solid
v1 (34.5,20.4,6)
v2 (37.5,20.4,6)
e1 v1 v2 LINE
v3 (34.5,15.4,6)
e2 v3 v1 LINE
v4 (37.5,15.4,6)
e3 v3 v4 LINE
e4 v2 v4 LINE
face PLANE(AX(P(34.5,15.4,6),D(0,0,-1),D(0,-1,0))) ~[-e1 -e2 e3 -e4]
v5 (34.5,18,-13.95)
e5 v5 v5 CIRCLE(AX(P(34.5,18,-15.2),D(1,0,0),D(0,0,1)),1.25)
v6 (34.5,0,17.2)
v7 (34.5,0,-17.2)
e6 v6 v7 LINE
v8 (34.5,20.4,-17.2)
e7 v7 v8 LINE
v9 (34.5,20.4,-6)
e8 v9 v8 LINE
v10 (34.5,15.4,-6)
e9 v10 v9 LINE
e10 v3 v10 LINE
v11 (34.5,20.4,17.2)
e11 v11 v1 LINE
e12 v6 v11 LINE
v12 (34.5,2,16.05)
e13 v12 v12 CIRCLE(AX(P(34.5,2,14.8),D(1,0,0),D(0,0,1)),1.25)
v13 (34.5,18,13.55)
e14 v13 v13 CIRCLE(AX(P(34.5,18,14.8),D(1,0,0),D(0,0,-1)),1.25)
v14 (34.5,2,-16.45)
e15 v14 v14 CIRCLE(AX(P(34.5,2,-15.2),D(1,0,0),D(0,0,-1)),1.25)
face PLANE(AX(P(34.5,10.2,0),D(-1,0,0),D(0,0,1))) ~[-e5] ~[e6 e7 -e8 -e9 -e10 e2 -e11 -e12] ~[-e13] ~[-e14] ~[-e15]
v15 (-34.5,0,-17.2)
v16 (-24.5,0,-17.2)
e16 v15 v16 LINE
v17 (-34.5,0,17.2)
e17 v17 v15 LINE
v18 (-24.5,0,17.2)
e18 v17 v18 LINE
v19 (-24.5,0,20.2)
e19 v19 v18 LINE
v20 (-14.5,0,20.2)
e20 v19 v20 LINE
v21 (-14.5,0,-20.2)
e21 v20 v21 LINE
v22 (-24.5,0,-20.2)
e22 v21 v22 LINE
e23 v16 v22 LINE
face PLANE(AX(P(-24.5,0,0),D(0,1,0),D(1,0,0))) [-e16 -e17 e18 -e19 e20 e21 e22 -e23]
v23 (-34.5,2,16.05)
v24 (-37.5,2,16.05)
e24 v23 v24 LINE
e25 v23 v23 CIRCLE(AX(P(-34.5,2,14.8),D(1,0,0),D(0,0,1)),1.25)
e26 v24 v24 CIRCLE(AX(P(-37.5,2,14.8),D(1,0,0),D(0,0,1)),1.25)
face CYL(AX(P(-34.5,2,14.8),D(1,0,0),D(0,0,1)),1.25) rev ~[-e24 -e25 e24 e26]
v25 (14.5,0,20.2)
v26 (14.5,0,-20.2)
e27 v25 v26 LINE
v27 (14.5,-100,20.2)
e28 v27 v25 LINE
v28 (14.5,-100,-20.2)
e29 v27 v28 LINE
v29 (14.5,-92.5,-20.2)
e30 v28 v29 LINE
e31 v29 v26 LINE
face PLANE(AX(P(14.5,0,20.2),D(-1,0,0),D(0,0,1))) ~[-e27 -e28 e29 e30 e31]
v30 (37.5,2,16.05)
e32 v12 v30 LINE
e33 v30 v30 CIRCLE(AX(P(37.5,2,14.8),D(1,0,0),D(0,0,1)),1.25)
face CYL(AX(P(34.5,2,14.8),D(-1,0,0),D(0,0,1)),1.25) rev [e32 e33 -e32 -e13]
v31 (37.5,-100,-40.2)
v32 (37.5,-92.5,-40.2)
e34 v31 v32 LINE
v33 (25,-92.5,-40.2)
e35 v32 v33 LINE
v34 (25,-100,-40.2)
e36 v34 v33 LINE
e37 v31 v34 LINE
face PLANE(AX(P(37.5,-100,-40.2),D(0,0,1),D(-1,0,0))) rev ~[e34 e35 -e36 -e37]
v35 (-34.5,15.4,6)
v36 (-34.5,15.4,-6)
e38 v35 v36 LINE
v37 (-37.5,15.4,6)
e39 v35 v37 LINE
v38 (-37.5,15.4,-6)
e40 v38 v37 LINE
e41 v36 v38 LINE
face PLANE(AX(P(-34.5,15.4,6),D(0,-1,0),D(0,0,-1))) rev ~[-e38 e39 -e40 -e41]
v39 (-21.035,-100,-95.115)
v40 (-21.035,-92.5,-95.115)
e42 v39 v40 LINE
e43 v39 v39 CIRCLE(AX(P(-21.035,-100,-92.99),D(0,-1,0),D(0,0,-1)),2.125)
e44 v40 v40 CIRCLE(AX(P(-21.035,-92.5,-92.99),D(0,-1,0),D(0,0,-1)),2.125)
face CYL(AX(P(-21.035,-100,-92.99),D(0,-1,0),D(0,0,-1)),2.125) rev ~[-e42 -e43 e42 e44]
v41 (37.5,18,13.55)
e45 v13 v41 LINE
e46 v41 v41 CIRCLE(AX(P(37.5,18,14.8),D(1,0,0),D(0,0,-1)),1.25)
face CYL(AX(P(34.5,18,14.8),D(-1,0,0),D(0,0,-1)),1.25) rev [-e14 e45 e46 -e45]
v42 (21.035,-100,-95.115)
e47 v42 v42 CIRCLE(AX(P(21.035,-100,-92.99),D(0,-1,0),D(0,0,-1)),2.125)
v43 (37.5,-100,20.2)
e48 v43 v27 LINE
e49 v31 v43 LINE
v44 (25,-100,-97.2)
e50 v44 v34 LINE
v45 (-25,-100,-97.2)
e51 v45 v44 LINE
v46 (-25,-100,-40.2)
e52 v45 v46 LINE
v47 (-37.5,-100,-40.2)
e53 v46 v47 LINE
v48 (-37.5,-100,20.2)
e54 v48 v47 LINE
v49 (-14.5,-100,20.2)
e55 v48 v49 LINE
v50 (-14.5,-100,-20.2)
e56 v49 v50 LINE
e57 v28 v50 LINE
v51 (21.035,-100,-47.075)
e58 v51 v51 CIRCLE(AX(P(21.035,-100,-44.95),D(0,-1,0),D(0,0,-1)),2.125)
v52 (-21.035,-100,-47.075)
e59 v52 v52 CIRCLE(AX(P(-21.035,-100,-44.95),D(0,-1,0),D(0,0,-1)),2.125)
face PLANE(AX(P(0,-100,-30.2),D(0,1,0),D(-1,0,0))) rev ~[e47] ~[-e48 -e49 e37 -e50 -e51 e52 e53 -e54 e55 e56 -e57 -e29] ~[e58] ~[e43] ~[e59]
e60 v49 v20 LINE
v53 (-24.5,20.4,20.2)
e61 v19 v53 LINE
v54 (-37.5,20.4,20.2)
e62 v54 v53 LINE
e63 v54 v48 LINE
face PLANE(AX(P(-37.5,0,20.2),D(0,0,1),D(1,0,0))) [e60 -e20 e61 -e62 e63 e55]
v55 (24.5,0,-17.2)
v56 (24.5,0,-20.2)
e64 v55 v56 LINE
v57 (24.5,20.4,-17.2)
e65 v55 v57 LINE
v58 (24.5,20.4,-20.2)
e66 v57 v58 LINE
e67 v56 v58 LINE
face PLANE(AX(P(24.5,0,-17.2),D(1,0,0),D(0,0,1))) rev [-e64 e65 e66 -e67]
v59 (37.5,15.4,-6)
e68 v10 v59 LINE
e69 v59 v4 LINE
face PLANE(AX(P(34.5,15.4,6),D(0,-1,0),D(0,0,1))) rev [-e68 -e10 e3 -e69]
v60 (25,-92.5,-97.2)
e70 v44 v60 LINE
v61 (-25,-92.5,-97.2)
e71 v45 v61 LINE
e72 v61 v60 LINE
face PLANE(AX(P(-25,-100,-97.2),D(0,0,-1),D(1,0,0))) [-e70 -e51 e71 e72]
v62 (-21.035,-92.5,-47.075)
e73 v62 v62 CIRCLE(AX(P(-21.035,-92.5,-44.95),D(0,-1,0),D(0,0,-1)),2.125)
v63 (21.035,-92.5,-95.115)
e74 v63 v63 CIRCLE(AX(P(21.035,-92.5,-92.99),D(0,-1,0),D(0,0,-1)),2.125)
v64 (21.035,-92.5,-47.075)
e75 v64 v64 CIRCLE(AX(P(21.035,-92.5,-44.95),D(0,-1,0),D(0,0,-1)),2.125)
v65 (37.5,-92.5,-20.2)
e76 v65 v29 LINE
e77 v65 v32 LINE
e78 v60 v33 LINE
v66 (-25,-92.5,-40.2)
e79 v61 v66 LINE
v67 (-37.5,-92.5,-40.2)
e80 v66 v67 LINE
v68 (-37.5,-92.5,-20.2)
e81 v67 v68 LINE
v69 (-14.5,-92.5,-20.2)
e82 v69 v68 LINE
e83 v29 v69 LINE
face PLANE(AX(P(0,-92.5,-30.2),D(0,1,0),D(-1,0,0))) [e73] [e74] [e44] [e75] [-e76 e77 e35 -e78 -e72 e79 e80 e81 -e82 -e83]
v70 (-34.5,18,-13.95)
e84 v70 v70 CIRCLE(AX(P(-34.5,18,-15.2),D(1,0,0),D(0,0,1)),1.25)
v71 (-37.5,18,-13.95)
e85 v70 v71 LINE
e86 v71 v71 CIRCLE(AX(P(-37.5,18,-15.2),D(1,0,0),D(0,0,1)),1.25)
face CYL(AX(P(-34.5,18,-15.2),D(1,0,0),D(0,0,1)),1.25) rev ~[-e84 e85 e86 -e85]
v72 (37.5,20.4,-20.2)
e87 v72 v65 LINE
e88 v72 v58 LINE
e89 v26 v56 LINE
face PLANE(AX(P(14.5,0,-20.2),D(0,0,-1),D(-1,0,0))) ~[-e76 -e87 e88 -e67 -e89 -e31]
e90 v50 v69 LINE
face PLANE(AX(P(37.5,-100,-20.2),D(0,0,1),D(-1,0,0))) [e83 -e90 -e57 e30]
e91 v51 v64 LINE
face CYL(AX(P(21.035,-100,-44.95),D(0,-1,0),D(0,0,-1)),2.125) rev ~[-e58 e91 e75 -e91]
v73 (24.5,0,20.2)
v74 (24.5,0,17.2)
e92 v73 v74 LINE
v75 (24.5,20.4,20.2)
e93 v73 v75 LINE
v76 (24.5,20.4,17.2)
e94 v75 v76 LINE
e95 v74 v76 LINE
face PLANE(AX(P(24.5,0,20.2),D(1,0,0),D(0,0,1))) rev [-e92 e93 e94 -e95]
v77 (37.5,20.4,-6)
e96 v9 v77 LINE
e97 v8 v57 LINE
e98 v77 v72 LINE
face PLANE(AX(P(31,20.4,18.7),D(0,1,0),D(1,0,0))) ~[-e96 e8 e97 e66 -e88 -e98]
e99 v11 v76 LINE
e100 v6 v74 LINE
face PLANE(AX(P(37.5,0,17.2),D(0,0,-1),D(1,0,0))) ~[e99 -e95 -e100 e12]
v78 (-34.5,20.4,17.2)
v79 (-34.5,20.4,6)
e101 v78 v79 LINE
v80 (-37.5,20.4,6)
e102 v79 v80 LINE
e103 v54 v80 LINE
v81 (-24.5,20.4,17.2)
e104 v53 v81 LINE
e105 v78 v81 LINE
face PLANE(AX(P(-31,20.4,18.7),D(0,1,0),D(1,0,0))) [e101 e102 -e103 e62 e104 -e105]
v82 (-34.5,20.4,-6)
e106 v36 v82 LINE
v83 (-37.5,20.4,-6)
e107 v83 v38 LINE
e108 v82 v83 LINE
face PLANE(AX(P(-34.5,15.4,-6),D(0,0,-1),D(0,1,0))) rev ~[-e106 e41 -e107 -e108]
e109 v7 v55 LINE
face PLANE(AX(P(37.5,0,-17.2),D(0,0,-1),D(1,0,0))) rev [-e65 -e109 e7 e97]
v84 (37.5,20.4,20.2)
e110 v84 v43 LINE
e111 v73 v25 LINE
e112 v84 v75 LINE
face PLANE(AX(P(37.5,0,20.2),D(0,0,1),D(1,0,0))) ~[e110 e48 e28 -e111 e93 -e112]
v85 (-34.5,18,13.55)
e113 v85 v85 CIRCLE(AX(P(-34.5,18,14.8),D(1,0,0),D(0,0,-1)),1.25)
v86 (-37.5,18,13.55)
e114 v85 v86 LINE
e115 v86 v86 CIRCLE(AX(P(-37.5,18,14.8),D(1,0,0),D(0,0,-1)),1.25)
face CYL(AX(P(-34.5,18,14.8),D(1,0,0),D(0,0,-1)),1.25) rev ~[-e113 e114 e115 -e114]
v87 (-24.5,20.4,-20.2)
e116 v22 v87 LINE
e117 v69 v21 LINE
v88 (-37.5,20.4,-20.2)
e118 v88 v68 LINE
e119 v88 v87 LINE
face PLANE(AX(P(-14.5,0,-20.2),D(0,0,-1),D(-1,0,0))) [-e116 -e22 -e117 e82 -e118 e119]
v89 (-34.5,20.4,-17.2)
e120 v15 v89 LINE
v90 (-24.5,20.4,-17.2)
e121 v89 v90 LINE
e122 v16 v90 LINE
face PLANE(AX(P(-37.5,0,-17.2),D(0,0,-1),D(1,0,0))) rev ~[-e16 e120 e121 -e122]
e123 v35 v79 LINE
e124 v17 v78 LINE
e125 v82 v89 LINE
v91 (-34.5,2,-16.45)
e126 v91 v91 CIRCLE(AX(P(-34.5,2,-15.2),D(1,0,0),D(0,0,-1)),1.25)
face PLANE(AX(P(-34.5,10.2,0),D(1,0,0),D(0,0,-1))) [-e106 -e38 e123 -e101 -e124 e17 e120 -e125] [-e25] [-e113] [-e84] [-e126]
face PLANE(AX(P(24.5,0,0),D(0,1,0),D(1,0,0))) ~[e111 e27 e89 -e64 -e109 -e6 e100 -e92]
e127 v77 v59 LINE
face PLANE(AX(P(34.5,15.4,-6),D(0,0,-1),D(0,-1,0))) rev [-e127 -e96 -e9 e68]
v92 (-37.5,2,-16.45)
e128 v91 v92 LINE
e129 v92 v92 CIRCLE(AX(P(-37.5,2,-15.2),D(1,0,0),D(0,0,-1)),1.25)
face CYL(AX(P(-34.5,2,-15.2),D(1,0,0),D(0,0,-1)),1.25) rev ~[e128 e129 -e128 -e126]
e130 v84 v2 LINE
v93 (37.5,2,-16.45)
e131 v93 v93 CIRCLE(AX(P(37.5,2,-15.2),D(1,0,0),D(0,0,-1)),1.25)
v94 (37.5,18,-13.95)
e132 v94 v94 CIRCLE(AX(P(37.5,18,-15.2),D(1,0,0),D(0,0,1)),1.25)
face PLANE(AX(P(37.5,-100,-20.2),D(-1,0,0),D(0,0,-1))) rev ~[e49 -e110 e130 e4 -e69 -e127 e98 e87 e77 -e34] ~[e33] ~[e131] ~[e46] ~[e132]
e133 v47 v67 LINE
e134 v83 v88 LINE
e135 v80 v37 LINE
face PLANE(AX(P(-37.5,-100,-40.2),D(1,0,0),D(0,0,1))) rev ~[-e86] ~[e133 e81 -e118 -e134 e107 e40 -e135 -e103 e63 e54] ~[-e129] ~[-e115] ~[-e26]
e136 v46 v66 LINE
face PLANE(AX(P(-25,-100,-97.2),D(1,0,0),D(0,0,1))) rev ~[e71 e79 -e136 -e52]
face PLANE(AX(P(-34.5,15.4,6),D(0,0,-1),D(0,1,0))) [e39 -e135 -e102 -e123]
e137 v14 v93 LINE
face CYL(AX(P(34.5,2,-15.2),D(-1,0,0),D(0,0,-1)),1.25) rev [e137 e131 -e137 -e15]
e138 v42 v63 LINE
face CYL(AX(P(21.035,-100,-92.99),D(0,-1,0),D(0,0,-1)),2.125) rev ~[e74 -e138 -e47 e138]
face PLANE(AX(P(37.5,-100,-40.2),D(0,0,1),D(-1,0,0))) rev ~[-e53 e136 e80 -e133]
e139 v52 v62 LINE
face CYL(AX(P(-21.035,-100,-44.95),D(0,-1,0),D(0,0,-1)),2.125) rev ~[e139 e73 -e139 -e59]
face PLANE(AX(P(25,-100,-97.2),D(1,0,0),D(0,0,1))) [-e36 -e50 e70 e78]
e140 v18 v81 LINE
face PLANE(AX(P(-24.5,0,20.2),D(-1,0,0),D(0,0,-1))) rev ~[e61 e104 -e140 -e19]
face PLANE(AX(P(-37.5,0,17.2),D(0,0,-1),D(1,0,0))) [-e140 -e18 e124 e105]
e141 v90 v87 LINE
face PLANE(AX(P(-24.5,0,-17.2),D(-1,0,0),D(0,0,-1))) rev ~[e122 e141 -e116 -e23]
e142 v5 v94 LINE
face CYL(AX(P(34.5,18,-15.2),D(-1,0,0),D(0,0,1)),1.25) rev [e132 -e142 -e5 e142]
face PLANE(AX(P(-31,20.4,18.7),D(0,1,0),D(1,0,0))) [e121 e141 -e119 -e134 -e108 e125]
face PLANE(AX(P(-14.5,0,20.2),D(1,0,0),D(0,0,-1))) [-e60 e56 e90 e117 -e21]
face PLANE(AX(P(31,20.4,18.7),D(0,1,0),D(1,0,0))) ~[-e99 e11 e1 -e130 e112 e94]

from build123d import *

# Parameters (mm, degrees)
BOSS_EXTRUDE1_START = -34.5
SKETCH2_W           = 34.4
SKETCH2_H           = 20.4
SKETCH2_R           = 1.25
BOSS_EXTRUDE1_DEPTH = 3
SKETCH1_W           = 13
SKETCH1_H           = 3
BOSS_EXTRUDE2_DEPTH = 20.4
SKETCH1_3_W         = 20
SKETCH1_3_H         = 34.4
SKETCH1_3_W_2       = 10
SKETCH1_3_H_2       = 3
SKETCH1_3_W_3       = 3
BOSS_EXTRUDE3_DEPTH = 3
SKETCH1_4_W         = 3
SKETCH1_4_H         = 34.4
SKETCH1_4_W_2       = 10
SKETCH1_4_H_2       = 3
SKETCH1_4_W_3       = 20
BOSS_EXTRUDE4_DEPTH = 100
SKETCH4_W           = 12
SKETCH4_H           = 10
CUT_EXTRUDE1_DEPTH  = 132
SKETCH7_W           = 50
SKETCH7_H           = 57
SKETCH7_R           = 2.125
BOSS_EXTRUDE5_DEPTH = 7.5


with BuildPart() as part:
    # Sketch2 → Boss-Extrude1 (new body)
    with BuildSketch(Plane(origin=(0, 0, 0), x_dir=(0, 0, -1), z_dir=(1, 0, 0)).offset(BOSS_EXTRUDE1_START)):
        with Locations((0, 10.2)):
            Rectangle(SKETCH2_W, SKETCH2_H)
        with Locations((-14.8, 18)):
            Circle(SKETCH2_R, mode=Mode.SUBTRACT)
        with Locations(Location((-14.8, 2, 0), (0, 0, 180))):
            Circle(SKETCH2_R, mode=Mode.SUBTRACT)
        with Locations((15.2, 2)):
            Circle(SKETCH2_R, mode=Mode.SUBTRACT)
        with Locations(Location((15.2, 18, 0), (0, 0, 180))):
            Circle(SKETCH2_R, mode=Mode.SUBTRACT)
    extrude(amount=-BOSS_EXTRUDE1_DEPTH)

    # Sketch1 → Boss-Extrude2 (add)
    with BuildSketch(Plane(origin=(0, 0, 0), x_dir=(1, 0, 0), z_dir=(0, 1, 0))):
        with Locations((-31, -18.7)):
            Rectangle(SKETCH1_W, SKETCH1_H)
        with Locations((-31, 18.7)):
            Rectangle(SKETCH1_W, SKETCH1_H)
    extrude(amount=BOSS_EXTRUDE2_DEPTH)

    # Sketch1<3> → Boss-Extrude3 (add)
    with BuildSketch(Plane(origin=(0, 0, 0), x_dir=(1, 0, 0), z_dir=(0, 1, 0))):
        with Locations((-24.5, 0)):
            Rectangle(SKETCH1_3_W, SKETCH1_3_H)
        with Locations((-19.5, -18.7)):
            Rectangle(SKETCH1_3_W_2, SKETCH1_3_H_2)
        Polygon((-24.5, -20.2), (-24.5, -17.2), (-34.5, -17.2), (-37.5, -17.2), (-37.5, -20.2), align=None)
        with Locations((-36, 0)):
            Rectangle(SKETCH1_3_W_3, SKETCH1_3_H)
        Polygon((-34.5, 17.2), (-24.5, 17.2), (-24.5, 20.2), (-37.5, 20.2), (-37.5, 17.2), align=None)
        with Locations((-19.5, 18.7)):
            Rectangle(SKETCH1_3_W_2, SKETCH1_3_H_2)
    extrude(amount=-BOSS_EXTRUDE3_DEPTH)

    # Sketch1<4> → Boss-Extrude4 (add)
    with BuildSketch(Plane(origin=(0, 0, 0), x_dir=(1, 0, 0), z_dir=(0, 1, 0))):
        with Locations((-36, 0)):
            Rectangle(SKETCH1_4_W, SKETCH1_4_H)
        Polygon((-24.5, -20.2), (-24.5, -17.2), (-34.5, -17.2), (-37.5, -17.2), (-37.5, -20.2), align=None)
        with Locations((-19.5, -18.7)):
            Rectangle(SKETCH1_4_W_2, SKETCH1_4_H_2)
        with Locations((-24.5, 0)):
            Rectangle(SKETCH1_4_W_3, SKETCH1_4_H)
        Polygon((-34.5, 17.2), (-24.5, 17.2), (-24.5, 20.2), (-37.5, 20.2), (-37.5, 17.2), align=None)
        with Locations((-19.5, 18.7)):
            Rectangle(SKETCH1_4_W_2, SKETCH1_4_H_2)
    extrude(amount=-BOSS_EXTRUDE4_DEPTH)

    # Sketch4 → Cut-Extrude1 (cut)
    with BuildSketch(Plane(origin=(-34.5, 0, 0), x_dir=(0, 0, -1), z_dir=(1, 0, 0))):
        with Locations((0, 20.4)):
            Rectangle(SKETCH4_W, SKETCH4_H)
    extrude(amount=-CUT_EXTRUDE1_DEPTH, mode=Mode.SUBTRACT)


with BuildPart() as body_2:
    # Mirror6: mirrored copy
    add(part.part.mirror(Plane(origin=(0, 0, 0), x_dir=(0, 0, 1), z_dir=(1, 0, 0))))


with BuildPart() as part_1:
    add(part.part)

    add(body_2.part)  # Boss-Extrude5 merges body 2
    # Sketch7 → Boss-Extrude5 (add)
    # profile 1 of 2: a face of its own
    with BuildSketch(Plane.XZ.offset(100)):
        Polygon((-14.5, -20.2), (14.5, -20.2), (37.5, -20.2), (37.5, -40.2), (-37.5, -40.2), (-37.5, -20.2), align=None)
    # profile 2 of 2: a face of its own
    with BuildSketch(Plane.XZ.offset(100)):
        with Locations((0, -68.7)):
            Rectangle(SKETCH7_W, SKETCH7_H)
        with Locations(Location((-21.035, -92.99, 0), (0, 0, 270))):
            Circle(SKETCH7_R, mode=Mode.SUBTRACT)
        with Locations(Location((-21.035, -44.95, 0), (0, 0, 270))):
            Circle(SKETCH7_R, mode=Mode.SUBTRACT)
        with Locations(Location((21.035, -92.99, 0), (0, 0, 270))):
            Circle(SKETCH7_R, mode=Mode.SUBTRACT)
        with Locations(Location((21.035, -44.95, 0), (0, 0, 270))):
            Circle(SKETCH7_R, mode=Mode.SUBTRACT)
    extrude(amount=-BOSS_EXTRUDE5_DEPTH)


solid = part_1.part
